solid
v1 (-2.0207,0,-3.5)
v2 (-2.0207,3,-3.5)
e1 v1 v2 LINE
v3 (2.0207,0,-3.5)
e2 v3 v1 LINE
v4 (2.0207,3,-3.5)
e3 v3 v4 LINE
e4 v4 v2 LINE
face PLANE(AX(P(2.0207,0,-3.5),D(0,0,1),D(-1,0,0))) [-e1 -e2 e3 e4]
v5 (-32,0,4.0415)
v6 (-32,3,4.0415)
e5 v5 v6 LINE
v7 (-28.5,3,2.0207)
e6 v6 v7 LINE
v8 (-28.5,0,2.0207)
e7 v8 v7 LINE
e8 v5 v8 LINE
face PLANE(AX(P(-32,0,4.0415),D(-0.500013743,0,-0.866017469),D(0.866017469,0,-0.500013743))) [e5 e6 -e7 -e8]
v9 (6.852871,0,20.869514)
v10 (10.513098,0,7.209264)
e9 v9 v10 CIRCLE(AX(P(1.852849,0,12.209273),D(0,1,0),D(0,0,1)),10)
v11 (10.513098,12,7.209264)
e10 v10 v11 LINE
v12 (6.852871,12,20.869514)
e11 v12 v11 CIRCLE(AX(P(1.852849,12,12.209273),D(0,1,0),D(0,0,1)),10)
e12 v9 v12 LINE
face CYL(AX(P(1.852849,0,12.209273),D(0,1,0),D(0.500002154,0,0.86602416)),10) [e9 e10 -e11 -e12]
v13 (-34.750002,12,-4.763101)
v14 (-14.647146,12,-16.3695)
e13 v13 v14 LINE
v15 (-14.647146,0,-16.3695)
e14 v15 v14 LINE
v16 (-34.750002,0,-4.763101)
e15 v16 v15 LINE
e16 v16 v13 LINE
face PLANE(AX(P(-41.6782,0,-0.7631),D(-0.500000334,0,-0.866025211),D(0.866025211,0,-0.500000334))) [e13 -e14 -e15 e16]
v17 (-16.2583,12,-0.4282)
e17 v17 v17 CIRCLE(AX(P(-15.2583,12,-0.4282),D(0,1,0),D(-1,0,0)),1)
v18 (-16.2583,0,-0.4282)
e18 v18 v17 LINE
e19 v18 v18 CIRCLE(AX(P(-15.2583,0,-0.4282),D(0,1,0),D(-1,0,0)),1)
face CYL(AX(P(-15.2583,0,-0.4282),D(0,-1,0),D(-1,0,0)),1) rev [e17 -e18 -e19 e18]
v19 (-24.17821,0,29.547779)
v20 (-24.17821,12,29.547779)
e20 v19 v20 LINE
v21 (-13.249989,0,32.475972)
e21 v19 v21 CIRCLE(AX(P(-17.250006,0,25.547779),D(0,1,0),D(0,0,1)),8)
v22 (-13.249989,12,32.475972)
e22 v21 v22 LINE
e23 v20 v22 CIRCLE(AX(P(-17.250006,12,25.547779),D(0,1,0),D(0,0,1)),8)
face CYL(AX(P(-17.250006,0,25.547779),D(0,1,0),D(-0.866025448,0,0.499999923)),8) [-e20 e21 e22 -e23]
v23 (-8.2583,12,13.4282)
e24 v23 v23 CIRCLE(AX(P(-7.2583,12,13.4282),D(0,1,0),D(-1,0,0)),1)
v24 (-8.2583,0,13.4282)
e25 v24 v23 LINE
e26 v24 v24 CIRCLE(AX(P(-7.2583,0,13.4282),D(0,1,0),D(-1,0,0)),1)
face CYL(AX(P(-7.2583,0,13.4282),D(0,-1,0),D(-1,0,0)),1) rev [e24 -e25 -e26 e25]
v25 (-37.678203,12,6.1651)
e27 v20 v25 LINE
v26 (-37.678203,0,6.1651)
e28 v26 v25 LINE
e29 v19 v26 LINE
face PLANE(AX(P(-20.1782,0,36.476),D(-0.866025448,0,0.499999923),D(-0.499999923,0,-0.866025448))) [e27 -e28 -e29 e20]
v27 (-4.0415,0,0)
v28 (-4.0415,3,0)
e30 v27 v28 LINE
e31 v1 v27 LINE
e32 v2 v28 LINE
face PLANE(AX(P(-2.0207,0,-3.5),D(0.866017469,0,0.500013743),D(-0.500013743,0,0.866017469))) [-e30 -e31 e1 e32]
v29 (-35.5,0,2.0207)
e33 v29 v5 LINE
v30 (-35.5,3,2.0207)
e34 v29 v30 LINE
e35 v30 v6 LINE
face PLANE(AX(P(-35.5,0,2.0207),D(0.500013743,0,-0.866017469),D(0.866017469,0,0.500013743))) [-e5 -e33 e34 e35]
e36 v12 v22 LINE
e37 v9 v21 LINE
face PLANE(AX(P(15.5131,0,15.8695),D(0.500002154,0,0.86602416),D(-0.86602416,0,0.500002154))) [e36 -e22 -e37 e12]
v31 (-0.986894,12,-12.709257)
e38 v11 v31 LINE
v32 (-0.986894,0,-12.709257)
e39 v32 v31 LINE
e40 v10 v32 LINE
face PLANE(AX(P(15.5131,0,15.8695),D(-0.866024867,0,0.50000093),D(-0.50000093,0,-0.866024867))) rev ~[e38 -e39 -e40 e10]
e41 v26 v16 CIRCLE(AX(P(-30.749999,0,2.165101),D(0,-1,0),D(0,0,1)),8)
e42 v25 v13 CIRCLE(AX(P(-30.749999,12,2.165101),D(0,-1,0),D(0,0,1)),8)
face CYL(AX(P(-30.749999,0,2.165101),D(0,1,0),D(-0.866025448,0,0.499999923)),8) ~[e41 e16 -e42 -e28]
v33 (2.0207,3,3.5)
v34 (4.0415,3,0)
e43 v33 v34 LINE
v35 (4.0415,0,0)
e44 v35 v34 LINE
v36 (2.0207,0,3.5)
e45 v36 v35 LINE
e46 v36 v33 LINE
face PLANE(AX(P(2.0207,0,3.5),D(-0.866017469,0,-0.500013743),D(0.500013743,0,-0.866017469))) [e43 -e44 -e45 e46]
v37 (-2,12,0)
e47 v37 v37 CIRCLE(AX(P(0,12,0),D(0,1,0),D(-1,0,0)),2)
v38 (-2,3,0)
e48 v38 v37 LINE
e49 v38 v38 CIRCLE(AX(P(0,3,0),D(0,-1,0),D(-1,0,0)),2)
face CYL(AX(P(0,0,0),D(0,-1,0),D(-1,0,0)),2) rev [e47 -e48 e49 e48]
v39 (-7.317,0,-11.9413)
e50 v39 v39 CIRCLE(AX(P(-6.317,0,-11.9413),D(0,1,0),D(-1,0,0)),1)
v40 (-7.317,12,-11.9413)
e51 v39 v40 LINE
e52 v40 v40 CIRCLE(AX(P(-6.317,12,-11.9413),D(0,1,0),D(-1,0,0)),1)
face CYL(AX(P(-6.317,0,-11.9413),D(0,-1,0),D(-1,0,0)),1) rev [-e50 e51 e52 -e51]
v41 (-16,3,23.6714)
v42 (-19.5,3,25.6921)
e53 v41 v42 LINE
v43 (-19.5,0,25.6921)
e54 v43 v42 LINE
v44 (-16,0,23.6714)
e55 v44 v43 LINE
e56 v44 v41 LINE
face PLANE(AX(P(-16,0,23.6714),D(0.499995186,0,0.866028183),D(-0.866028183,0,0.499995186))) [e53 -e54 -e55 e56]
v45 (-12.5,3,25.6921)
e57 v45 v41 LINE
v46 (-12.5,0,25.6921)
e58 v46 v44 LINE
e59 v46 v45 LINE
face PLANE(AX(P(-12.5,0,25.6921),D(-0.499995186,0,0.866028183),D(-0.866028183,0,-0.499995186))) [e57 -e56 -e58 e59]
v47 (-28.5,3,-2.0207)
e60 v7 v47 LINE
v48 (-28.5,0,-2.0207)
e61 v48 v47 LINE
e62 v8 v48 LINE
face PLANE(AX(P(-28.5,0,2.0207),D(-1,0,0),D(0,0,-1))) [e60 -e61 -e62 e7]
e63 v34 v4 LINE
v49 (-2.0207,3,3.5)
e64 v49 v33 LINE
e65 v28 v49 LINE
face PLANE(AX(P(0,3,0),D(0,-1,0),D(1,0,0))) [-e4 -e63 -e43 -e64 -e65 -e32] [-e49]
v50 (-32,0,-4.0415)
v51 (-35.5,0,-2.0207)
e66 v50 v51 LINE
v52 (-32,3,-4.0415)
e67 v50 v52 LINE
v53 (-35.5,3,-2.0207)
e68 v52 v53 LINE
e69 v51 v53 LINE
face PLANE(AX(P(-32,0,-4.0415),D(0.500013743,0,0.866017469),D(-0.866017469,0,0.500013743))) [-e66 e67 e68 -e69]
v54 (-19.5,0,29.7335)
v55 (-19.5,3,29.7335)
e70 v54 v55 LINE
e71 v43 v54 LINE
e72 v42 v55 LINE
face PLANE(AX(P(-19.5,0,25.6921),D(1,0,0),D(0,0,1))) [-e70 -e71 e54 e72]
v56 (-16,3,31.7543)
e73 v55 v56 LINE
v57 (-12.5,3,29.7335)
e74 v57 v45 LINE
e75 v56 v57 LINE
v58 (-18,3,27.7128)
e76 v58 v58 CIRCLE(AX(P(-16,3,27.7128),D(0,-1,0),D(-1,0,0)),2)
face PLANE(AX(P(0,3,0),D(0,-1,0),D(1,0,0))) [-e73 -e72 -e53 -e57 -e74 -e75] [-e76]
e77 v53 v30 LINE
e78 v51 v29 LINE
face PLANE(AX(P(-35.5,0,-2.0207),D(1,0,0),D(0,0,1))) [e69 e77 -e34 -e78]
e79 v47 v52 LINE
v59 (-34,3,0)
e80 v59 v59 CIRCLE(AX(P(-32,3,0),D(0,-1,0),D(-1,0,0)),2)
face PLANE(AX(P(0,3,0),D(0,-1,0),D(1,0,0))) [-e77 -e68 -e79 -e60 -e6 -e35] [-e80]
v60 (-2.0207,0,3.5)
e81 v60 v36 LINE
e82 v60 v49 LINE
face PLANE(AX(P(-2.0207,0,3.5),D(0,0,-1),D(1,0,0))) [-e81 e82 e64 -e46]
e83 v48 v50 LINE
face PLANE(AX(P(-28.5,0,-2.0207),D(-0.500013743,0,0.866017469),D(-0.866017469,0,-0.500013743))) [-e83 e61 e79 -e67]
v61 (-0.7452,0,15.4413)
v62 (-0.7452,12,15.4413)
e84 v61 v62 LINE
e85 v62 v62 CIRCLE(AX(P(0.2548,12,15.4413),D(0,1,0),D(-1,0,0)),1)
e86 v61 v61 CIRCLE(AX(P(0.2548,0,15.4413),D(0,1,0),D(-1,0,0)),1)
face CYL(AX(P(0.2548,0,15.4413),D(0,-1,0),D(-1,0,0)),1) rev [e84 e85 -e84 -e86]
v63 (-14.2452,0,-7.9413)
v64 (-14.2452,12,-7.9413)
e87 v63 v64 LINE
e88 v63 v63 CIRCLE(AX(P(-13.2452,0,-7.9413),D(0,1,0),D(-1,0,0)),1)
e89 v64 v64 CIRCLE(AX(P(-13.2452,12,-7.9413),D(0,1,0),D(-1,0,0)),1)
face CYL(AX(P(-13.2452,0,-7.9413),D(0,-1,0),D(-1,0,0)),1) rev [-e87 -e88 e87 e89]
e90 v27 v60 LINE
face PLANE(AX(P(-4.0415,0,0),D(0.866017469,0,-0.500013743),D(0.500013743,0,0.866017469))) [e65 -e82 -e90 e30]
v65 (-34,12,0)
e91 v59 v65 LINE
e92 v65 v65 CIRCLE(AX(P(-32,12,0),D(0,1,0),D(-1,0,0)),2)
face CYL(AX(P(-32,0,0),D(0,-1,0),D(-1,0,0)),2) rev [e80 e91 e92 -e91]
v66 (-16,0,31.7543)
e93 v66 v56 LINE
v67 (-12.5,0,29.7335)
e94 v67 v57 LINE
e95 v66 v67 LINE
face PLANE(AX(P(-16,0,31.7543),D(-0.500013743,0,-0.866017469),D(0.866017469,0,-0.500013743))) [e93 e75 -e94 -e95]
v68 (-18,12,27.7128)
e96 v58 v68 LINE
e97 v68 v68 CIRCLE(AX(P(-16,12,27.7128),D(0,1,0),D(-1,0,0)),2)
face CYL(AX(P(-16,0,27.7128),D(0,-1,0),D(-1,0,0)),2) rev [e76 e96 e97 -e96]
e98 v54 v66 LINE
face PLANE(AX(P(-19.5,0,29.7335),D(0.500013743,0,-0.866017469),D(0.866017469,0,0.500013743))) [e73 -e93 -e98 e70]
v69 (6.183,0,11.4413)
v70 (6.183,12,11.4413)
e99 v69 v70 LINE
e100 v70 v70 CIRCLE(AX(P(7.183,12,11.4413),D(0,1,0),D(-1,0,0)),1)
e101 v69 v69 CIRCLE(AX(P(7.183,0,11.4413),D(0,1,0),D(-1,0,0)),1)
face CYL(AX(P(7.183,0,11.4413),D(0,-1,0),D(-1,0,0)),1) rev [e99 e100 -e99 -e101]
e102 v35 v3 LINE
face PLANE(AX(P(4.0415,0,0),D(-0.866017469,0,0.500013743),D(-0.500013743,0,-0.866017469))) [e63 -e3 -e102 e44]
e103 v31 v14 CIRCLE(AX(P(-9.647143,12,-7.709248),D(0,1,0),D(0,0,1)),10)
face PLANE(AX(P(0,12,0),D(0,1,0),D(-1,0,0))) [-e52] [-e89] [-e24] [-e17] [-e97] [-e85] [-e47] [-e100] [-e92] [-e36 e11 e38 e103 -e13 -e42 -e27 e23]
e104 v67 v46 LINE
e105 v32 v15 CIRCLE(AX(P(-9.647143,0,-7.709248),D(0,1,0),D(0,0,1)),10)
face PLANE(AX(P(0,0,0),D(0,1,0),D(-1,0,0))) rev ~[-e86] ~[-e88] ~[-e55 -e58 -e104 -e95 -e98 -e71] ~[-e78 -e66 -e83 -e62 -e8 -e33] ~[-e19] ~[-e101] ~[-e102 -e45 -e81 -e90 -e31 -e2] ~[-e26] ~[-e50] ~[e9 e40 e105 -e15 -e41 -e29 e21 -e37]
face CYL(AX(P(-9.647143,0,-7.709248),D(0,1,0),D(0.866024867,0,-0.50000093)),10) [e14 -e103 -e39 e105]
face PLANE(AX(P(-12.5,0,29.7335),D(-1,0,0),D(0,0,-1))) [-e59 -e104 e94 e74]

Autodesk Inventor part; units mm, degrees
ref_plane "YZ Plane" through (0, 0, 0) normal (1, 0, 0) x (0, 1, 0)
ref_plane "XZ Plane" through (0, 0, 0) normal (0, 1, 0) x (-1, 0, 0)
ref_plane "XY Plane" through (0, 0, 0) normal (0, 0, 1) x (1, 0, 0)
sketch "Esquisse1" plane through (0, 0, 0) normal (0, 1, 0) x (-1, 0, 0)
  line L0 (0, 0) -> (32, 0) construction
  line L1 (32, 0) -> (16, 27.7128) construction
  line L2 (16, 27.7128) -> (0, 0) construction
  line L3 (-17.9982, -10.3913) -> (15.6322, 9.0252) construction
  line L4 (11.2583, 6.5) -> (7.2583, 13.4282) construction
  line L5 (11.2583, 6.5) -> (-19.9186, -11.5) construction
  line L6 (-19.9186, -11.5) -> (-26.6686, 0.1913) construction
  line L7 (-26.6686, 0.1913) -> (-21.0394, 3.4413) construction
  line L8 (-21.0394, 3.4413) -> (-14.1112, 7.4413) construction
  line L9 (-14.1112, 7.4413) -> (-7.183, 11.4413) construction
  line L10 (-7.183, 11.4413) -> (-0.2548, 15.4413) construction
  circle A0 centre (-14.1112, 7.4413) radius 1 construction
  circle A1 centre (-7.183, 11.4413) radius 1
  circle A2 centre (-0.2548, 15.4413) radius 1
  circle A3 centre (7.2583, 13.4282) radius 1
  circle A4 centre (-21.0394, 3.4413) radius 1 construction
  circle A5 centre (-0.6112, -15.9413) radius 1 construction
  circle A6 centre (6.317, -11.9413) radius 1
  circle A7 centre (13.2452, -7.9413) radius 1
  circle A8 centre (15.2583, -0.4282) radius 1
  circle A9 centre (-7.5394, -19.9413) radius 1 construction
  circle A10 centre (-19.9186, -11.5) radius 11.6 construction
  line L11 (32, 0) -> (38.9282, 4) construction
  line L12 (36.0415, 0) -> (34.0207, -3.5) construction
  line L13 (34.0207, -3.5) -> (29.9793, -3.5) construction
  line L14 (29.9793, -3.5) -> (27.9585, 0) construction
  line L15 (27.9585, 0) -> (29.9793, 3.5) construction
  line L16 (29.9793, 3.5) -> (34.0207, 3.5) construction
  line L17 (34.0207, 3.5) -> (36.0415, 0) construction
  line L18 (34.0207, 3.5) -> (34.0207, -3.5) construction
  circle A11 centre (16, 27.7128) radius 2
  circle A12 centre (32, 0) radius 2
  line L19 (32, 0) -> (38.9282, 4) construction
  circle A13 centre (0, 0) radius 2
  line L20 (0, 0) -> (11.2583, 6.5) construction
  line L21 (-15.5131, 15.8695) -> (20.1782, 36.476)
  line L22 (20.1782, 36.476) -> (41.6782, -0.7631)
  line L23 (41.6782, -0.7631) -> (5.9869, -21.3695)
  line L24 (-7.183, 11.4413) -> (-11.183, 18.3695) construction
  line L25 (6.317, -11.9413) -> (10.317, -18.8695) construction
  line L26 (6.317, -11.9413) -> (1.9869, -14.4413) construction
  line L27 (-15.5131, 15.8695) -> (5.9869, -21.3695)
  dimension "d0" = 32
  dimension "d1" = 32
  dimension "d2" = 60
  dimension "d4" = 8
  dimension "d6" = 36
  dimension "d7" = 13.5
  dimension "d8" = 6.5
  dimension "d9" = 8
  dimension "d10" = 8
  dimension "d11" = 8
  dimension "d13" = 2
  dimension "d14" = 11.6
  dimension "d15" = 8
  dimension "d16" = 7
  dimension "d17" = 4
  dimension "d19" = 8
  dimension "d69" = 210
  dimension "d70" = 13
  dimension "d83" = 8
  dimension "d84" = 8
  dimension "d85" = 5
extrude "Extrusion7" add sketch "Esquisse1" along normal blind 12
sketch "Esquisse9" plane through (0, 0, 0) normal (0, -1, 0) x (1, 0, 0)
  circle A0 centre (0, 0) radius 2 projected
  circle A1 centre (-32, 0) radius 2 projected
  circle A2 centre (-16, 27.7128) radius 2 projected
  line L0 (-41.6782, -0.7631) -> (-5.9869, -21.3695) projected
  line L1 (18.1112, 14.3695) -> (-3.3888, -22.8695) projected
  line L2 (15.5131, 15.8695) -> (-20.1782, 36.476) projected
  line L3 (-19.5, 25.6921) -> (-19.5, 29.7335)
  line L4 (-19.5, 29.7335) -> (-16, 31.7543)
  line L5 (-16, 31.7543) -> (-12.5, 29.7335)
  line L6 (-12.5, 29.7335) -> (-12.5, 25.6921)
  line L7 (-12.5, 25.6921) -> (-16, 23.6714)
  line L8 (-16, 23.6714) -> (-19.5, 25.6921)
  line L9 (-28.5, 2.0207) -> (-28.5, -2.0207)
  line L10 (-28.5, -2.0207) -> (-32, -4.0415)
  line L11 (-32, -4.0415) -> (-35.5, -2.0207)
  line L12 (-35.5, -2.0207) -> (-35.5, 2.0207)
  line L13 (-35.5, 2.0207) -> (-32, 4.0415)
  line L14 (-32, 4.0415) -> (-28.5, 2.0207)
  line L15 (-19.5, 25.6921) -> (-12.5, 25.6921) construction
  line L16 (4.0415, 0) -> (2.0207, -3.5)
  line L17 (2.0207, -3.5) -> (-2.0207, -3.5)
  line L18 (-2.0207, -3.5) -> (-4.0415, 0)
  line L19 (-4.0415, 0) -> (-2.0207, 3.5)
  line L20 (-2.0207, 3.5) -> (2.0207, 3.5)
  line L21 (2.0207, 3.5) -> (4.0415, 0)
  point P0 (-3.3888, -22.8695)
  dimension "d75" = 7
fillet "Congé15" radius 8 1 edges at (-41.6782, 6, -0.7631)
fillet "Congé16" radius 8 1 edges at (-20.1782, 6, 36.476)
extrude "Extrusion8" cut sketch "Esquisse9" against normal blind 3
fillet "Congé17" radius 10 1 edges at (15.5131, 6, 15.8695)
fillet "Congé18" radius 10 1 edges at (-5.9869, 6, -21.3695)
properties part number "joint3+ax12imprint_v3"
